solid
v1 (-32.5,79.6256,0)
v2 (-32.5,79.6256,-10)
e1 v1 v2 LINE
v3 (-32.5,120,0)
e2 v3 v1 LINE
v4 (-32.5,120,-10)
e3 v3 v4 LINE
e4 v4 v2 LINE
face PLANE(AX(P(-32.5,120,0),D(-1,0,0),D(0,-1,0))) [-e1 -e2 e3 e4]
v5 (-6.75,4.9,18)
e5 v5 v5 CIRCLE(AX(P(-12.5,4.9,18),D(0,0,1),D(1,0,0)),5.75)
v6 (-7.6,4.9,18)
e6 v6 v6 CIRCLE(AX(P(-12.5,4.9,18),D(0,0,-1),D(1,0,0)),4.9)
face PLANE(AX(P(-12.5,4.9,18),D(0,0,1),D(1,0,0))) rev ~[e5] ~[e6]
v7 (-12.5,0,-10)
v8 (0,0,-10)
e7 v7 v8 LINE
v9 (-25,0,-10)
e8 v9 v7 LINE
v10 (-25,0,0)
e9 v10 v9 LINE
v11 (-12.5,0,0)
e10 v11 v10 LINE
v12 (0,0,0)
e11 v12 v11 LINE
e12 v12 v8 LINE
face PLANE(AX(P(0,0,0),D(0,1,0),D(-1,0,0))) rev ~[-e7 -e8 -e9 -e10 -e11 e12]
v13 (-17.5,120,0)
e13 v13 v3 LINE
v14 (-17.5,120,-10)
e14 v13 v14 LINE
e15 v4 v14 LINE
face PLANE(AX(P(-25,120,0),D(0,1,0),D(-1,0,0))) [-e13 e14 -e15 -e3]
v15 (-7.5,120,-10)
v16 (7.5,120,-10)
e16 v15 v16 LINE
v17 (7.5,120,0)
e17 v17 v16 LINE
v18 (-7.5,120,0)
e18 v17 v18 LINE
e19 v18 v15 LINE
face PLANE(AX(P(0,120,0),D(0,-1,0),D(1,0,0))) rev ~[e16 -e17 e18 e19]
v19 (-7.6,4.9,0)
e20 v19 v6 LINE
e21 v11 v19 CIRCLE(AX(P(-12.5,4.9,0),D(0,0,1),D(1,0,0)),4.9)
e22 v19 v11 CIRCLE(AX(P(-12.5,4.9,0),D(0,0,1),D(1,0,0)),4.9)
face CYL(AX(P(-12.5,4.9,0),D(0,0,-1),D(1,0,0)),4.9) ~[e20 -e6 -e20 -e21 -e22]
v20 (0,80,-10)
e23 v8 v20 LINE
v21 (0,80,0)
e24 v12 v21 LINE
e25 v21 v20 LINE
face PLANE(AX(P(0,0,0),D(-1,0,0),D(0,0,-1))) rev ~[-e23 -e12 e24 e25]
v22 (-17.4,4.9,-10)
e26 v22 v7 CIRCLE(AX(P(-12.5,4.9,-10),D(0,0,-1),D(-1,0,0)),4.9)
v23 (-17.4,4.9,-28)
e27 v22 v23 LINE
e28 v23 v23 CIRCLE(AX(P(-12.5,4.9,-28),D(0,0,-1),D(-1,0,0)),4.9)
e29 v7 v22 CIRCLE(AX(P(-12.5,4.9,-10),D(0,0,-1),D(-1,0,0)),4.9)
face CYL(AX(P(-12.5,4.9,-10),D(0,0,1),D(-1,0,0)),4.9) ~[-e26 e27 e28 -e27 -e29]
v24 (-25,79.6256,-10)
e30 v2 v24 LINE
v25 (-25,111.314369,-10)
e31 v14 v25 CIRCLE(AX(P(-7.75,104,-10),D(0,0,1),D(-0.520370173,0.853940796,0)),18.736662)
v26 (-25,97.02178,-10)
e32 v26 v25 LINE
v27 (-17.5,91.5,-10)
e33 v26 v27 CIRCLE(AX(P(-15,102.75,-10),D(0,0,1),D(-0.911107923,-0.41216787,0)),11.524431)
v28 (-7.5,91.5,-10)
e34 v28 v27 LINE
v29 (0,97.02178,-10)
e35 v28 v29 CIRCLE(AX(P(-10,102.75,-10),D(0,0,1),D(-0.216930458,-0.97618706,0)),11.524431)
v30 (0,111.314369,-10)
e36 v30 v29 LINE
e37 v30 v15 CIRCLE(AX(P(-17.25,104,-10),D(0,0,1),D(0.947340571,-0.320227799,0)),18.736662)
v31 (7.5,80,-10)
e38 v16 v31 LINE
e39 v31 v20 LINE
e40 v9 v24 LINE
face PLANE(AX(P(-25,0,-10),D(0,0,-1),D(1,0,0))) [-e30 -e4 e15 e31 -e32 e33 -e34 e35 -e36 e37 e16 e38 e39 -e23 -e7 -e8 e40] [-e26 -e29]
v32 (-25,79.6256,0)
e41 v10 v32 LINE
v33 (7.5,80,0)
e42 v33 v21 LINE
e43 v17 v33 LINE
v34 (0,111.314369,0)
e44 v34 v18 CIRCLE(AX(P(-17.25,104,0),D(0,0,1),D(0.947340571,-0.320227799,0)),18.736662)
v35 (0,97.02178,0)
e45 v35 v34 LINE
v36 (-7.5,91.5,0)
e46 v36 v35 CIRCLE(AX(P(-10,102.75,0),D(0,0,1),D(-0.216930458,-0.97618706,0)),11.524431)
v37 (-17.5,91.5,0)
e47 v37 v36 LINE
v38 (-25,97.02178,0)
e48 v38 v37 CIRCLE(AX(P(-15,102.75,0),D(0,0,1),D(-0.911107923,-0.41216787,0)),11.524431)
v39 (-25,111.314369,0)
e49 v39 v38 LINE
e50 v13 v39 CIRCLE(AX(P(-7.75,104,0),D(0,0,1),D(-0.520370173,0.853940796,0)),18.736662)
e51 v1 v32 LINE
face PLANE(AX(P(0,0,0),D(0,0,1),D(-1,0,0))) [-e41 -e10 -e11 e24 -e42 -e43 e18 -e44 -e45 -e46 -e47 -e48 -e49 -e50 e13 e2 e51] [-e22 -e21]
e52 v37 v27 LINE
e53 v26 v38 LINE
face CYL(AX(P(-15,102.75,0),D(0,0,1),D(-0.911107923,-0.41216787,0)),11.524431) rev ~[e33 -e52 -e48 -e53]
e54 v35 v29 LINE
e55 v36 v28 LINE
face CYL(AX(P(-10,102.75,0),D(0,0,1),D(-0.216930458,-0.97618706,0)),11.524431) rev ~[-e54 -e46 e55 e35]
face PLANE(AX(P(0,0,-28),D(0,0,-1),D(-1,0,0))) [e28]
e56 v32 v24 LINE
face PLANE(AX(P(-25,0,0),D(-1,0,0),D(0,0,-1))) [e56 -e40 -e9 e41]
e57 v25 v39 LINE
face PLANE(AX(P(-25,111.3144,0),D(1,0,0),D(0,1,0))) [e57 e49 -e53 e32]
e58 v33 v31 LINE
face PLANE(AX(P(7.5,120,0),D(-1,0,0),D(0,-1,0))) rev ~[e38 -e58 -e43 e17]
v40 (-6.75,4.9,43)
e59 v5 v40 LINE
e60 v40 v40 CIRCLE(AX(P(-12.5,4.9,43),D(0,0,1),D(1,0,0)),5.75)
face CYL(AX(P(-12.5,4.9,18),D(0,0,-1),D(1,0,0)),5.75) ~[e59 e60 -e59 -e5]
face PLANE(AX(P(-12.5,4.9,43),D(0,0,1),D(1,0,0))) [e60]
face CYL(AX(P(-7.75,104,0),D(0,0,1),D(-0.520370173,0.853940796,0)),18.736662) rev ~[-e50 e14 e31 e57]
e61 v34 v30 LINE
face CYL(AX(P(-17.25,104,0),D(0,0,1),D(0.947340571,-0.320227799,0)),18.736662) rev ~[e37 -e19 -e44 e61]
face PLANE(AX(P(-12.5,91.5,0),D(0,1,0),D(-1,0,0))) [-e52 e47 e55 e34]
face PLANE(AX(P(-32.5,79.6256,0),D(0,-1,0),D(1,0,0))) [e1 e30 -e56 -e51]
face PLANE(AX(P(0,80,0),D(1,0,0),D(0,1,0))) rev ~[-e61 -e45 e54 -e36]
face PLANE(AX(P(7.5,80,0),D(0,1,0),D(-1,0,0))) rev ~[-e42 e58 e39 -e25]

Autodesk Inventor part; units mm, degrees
ref_plane "YZ Plane" through (0, 0, 0) normal (1, 0, 0) x (0, 1, 0)
ref_plane "XZ Plane" through (0, 0, 0) normal (0, 1, 0) x (-1, 0, 0)
ref_plane "XY Plane" through (0, 0, 0) normal (0, 0, 1) x (1, 0, 0)
sketch "Sketch1" plane through (0, 0, 0) normal (0, 1, 0) x (-1, 0, 0)
  line L0 (0, 0) -> (0, -10)
  line L1 (0, 0) -> (25, 0)
  line L2 (25, 0) -> (25, -10)
  line L3 (25, -10) -> (0, -10)
  dimension "d0" = 10
  dimension "d1" = 25
  dimension "d2" = 10
extrude "Extrusion1" add sketch "Sketch1" along normal blind 120
sketch "Sketch2" plane through (-25, 0, 0) normal (0, 0, 1) x (1, 0, 0)
  line L0 (25, 0) -> (0, 0) projected
  line L1 (12.5, 0) -> (17.5, 0)
  line L2 (17.5, 0) -> (12.5, 0)
  line L3 (12.5, 0) -> (12.5, 4.9)
  circle A0 centre (12.5, 4.9) radius 4.9
  dimension "d5" = 5
  dimension "d6" = 4.9
extrude "Extrusion2" add sketch "Sketch2" along normal blind 18
sketch "Sketch3" plane through (-25, 120, 0) normal (0, 0, 1) x (1, 0, 0)
  line L0 (12.5, -120) -> (20.5, -120)
  line L1 (12.5, -120) -> (25, -120) projected
  dimension "d9" = 8
sketch "Sketch4" plane through (0, 0, 0) normal (1, 0, 0) x (0, 0, -1)
  point P0 (0, 0)
sketch "Sketch5" plane through (0, 0, 0) normal (1, 0, 0) x (0, 0, -1)
  point P0 (0, 0)
sketch "Sketch6" plane through (0, 0, 0) normal (1, 0, 0) x (0, 0, -1)
  point P0 (0, 0)
sketch "Sketch7" plane through (0, 0, 0) normal (1, 0, 0) x (0, 0, -1)
  point P0 (0, 0)
sketch "Sketch8" plane through (0, 0, -10) normal (0, 0, -1) x (-1, 0, 0)
  circle A0 centre (12.5, 4.9) radius 4.9 projected
  circle A1 centre (12.5, 4.9) radius 4.9
  point P0 (0, 0)
  point P1 (12.5, 0)
extrude "Extrusion3" add sketch "Sketch8" along normal blind 18
sketch "Sketch9" plane through (-12.5, 4.9, 18) normal (0, 0, 1) x (1, 0, 0)
  circle A0 centre (0, 0) radius 5.75
  point P0 (12.5, -4.9)
  dimension "d12" = 11.5
extrude "Extrusion4" add sketch "Sketch9" along normal blind 25
sketch "Sketch10" plane through (-25, 120, 0) normal (0, 0, 1) x (1, 0, 0)
  line L0 (0, 0) -> (25, 0) projected
  line L1 (12.5, 0) -> (12.5, -28.5)
  line L2 (12.5, -28.5) -> (-0.5, -28.5)
  line L3 (-0.5, -28.5) -> (12.5, -28.5)
  line L4 (12.5, -28.5) -> (25.5, -28.5)
  line L5 (25.5, -28.5) -> (25.5, 0)
  line L6 (25.5, 0) -> (-0.5, 0)
  line L7 (-0.5, 0) -> (-0.5, -28.5)
  line L8 (12.5, 0) -> (7.5, 0)
  line L9 (7.5, 0) -> (17.5, 0)
  line L10 (25.5, 0) -> (25.5, -10)
  line L11 (25.5, -10) -> (25.5, -22)
  line L12 (-0.5, 0) -> (-0.5, -10)
  line L13 (-0.5, -10) -> (-0.5, -22)
  arc A0 (7.5, 0) -> (-0.5, -22) centre (17.25, -16) ccw
  arc A1 (-0.5, -22) -> (12.5, -28.5) centre (10, -17.25) ccw
  line L14 (7.5, 0) -> (12.5, 0)
  arc A2 (25.5, -22) -> (17.5, 0) centre (7.75, -16) ccw
  arc A3 (12.5, -28.5) -> (25.5, -22) centre (15, -17.25) ccw
  line L15 (7.5, 0) -> (-7.5, 0)
  line L16 (-7.5, 0) -> (-7.5, -34)
  line L17 (-7.5, -34) -> (25, -34)
  line L18 (25, -120) -> (25, 0) projected
  line L19 (25, -34) -> (32.5, -34)
  line L20 (32.5, 0) -> (25, 0)
  line L21 (25, 0) -> (17.5, 0)
  line L22 (17.5, 0) -> (32.5, 0)
  line L23 (32.5, 0) -> (32.5, -34)
  point P0 (7.5, -28.5)
  point P1 (17.5, -28.5)
  point P2 (25, -22.9782)
  point P3 (25, -8.6856)
  dimension "d15" = 28.5
  dimension "d16" = 13
  dimension "d17" = 13
  dimension "d18" = 13
  dimension "d19" = 5
  dimension "d20" = 10
  dimension "d21" = 10
  dimension "d22" = 12
  dimension "d23" = 10
  dimension "d24" = 12
  dimension "d25" = 15
  dimension "d26" = 34
  dimension "d28" = 15
extrude "Extrusion5" cut sketch "Sketch10" against normal blind 10 contours L0 L1 L2 A1 L7 A0 | L0 A2 L18 A3 L4 L1
sketch "Sketch11" plane through (-25, 0, 0) normal (0, 0, 1) x (1, 0, 0)
  point P0 (25, 0)
sketch "Sketch12" plane through (-7.5, 120, 0) normal (0, 0, 1) x (1, 0, 0)
  line L0 (7.5, 0) -> (0, 0) projected
  line L1 (0, 0) -> (15, 0)
  line L2 (15, 0) -> (15, -40)
  line L3 (15, -40) -> (7.5, -40)
  line L4 (7.5, -120) -> (7.5, -22.9782) projected
  line L5 (7.5, -8.6856) -> (7.5, 0) projected
  line L6 (7.5, -40) -> (7.5, 0)
  line L7 (-10, 0) -> (-17.5, 0) projected
  line L8 (7.5, 0) -> (-17.5, 0)
  line L9 (-10, 0) -> (-25, 0)
  line L10 (-25, 0) -> (-25, -40.3744)
  line L11 (-25, -40.3744) -> (-17.5, -40.3744)
  line L12 (-17.5, -120) -> (-17.5, -22.9782) projected
  line L13 (-17.5, -8.6856) -> (-17.5, 0) projected
  line L14 (-17.5, -40.3744) -> (-17.5, 0)
  dimension "d31" = 15
  dimension "d32" = 40
  dimension "d33" = 15
extrude "Extrusion6" add sketch "Sketch12" against normal blind 10
ref_plane "Work Plane1" through (-12.5, 0, 0) normal (1, 0, 0) x (0, 0, -1)
properties part number "brazo2"
